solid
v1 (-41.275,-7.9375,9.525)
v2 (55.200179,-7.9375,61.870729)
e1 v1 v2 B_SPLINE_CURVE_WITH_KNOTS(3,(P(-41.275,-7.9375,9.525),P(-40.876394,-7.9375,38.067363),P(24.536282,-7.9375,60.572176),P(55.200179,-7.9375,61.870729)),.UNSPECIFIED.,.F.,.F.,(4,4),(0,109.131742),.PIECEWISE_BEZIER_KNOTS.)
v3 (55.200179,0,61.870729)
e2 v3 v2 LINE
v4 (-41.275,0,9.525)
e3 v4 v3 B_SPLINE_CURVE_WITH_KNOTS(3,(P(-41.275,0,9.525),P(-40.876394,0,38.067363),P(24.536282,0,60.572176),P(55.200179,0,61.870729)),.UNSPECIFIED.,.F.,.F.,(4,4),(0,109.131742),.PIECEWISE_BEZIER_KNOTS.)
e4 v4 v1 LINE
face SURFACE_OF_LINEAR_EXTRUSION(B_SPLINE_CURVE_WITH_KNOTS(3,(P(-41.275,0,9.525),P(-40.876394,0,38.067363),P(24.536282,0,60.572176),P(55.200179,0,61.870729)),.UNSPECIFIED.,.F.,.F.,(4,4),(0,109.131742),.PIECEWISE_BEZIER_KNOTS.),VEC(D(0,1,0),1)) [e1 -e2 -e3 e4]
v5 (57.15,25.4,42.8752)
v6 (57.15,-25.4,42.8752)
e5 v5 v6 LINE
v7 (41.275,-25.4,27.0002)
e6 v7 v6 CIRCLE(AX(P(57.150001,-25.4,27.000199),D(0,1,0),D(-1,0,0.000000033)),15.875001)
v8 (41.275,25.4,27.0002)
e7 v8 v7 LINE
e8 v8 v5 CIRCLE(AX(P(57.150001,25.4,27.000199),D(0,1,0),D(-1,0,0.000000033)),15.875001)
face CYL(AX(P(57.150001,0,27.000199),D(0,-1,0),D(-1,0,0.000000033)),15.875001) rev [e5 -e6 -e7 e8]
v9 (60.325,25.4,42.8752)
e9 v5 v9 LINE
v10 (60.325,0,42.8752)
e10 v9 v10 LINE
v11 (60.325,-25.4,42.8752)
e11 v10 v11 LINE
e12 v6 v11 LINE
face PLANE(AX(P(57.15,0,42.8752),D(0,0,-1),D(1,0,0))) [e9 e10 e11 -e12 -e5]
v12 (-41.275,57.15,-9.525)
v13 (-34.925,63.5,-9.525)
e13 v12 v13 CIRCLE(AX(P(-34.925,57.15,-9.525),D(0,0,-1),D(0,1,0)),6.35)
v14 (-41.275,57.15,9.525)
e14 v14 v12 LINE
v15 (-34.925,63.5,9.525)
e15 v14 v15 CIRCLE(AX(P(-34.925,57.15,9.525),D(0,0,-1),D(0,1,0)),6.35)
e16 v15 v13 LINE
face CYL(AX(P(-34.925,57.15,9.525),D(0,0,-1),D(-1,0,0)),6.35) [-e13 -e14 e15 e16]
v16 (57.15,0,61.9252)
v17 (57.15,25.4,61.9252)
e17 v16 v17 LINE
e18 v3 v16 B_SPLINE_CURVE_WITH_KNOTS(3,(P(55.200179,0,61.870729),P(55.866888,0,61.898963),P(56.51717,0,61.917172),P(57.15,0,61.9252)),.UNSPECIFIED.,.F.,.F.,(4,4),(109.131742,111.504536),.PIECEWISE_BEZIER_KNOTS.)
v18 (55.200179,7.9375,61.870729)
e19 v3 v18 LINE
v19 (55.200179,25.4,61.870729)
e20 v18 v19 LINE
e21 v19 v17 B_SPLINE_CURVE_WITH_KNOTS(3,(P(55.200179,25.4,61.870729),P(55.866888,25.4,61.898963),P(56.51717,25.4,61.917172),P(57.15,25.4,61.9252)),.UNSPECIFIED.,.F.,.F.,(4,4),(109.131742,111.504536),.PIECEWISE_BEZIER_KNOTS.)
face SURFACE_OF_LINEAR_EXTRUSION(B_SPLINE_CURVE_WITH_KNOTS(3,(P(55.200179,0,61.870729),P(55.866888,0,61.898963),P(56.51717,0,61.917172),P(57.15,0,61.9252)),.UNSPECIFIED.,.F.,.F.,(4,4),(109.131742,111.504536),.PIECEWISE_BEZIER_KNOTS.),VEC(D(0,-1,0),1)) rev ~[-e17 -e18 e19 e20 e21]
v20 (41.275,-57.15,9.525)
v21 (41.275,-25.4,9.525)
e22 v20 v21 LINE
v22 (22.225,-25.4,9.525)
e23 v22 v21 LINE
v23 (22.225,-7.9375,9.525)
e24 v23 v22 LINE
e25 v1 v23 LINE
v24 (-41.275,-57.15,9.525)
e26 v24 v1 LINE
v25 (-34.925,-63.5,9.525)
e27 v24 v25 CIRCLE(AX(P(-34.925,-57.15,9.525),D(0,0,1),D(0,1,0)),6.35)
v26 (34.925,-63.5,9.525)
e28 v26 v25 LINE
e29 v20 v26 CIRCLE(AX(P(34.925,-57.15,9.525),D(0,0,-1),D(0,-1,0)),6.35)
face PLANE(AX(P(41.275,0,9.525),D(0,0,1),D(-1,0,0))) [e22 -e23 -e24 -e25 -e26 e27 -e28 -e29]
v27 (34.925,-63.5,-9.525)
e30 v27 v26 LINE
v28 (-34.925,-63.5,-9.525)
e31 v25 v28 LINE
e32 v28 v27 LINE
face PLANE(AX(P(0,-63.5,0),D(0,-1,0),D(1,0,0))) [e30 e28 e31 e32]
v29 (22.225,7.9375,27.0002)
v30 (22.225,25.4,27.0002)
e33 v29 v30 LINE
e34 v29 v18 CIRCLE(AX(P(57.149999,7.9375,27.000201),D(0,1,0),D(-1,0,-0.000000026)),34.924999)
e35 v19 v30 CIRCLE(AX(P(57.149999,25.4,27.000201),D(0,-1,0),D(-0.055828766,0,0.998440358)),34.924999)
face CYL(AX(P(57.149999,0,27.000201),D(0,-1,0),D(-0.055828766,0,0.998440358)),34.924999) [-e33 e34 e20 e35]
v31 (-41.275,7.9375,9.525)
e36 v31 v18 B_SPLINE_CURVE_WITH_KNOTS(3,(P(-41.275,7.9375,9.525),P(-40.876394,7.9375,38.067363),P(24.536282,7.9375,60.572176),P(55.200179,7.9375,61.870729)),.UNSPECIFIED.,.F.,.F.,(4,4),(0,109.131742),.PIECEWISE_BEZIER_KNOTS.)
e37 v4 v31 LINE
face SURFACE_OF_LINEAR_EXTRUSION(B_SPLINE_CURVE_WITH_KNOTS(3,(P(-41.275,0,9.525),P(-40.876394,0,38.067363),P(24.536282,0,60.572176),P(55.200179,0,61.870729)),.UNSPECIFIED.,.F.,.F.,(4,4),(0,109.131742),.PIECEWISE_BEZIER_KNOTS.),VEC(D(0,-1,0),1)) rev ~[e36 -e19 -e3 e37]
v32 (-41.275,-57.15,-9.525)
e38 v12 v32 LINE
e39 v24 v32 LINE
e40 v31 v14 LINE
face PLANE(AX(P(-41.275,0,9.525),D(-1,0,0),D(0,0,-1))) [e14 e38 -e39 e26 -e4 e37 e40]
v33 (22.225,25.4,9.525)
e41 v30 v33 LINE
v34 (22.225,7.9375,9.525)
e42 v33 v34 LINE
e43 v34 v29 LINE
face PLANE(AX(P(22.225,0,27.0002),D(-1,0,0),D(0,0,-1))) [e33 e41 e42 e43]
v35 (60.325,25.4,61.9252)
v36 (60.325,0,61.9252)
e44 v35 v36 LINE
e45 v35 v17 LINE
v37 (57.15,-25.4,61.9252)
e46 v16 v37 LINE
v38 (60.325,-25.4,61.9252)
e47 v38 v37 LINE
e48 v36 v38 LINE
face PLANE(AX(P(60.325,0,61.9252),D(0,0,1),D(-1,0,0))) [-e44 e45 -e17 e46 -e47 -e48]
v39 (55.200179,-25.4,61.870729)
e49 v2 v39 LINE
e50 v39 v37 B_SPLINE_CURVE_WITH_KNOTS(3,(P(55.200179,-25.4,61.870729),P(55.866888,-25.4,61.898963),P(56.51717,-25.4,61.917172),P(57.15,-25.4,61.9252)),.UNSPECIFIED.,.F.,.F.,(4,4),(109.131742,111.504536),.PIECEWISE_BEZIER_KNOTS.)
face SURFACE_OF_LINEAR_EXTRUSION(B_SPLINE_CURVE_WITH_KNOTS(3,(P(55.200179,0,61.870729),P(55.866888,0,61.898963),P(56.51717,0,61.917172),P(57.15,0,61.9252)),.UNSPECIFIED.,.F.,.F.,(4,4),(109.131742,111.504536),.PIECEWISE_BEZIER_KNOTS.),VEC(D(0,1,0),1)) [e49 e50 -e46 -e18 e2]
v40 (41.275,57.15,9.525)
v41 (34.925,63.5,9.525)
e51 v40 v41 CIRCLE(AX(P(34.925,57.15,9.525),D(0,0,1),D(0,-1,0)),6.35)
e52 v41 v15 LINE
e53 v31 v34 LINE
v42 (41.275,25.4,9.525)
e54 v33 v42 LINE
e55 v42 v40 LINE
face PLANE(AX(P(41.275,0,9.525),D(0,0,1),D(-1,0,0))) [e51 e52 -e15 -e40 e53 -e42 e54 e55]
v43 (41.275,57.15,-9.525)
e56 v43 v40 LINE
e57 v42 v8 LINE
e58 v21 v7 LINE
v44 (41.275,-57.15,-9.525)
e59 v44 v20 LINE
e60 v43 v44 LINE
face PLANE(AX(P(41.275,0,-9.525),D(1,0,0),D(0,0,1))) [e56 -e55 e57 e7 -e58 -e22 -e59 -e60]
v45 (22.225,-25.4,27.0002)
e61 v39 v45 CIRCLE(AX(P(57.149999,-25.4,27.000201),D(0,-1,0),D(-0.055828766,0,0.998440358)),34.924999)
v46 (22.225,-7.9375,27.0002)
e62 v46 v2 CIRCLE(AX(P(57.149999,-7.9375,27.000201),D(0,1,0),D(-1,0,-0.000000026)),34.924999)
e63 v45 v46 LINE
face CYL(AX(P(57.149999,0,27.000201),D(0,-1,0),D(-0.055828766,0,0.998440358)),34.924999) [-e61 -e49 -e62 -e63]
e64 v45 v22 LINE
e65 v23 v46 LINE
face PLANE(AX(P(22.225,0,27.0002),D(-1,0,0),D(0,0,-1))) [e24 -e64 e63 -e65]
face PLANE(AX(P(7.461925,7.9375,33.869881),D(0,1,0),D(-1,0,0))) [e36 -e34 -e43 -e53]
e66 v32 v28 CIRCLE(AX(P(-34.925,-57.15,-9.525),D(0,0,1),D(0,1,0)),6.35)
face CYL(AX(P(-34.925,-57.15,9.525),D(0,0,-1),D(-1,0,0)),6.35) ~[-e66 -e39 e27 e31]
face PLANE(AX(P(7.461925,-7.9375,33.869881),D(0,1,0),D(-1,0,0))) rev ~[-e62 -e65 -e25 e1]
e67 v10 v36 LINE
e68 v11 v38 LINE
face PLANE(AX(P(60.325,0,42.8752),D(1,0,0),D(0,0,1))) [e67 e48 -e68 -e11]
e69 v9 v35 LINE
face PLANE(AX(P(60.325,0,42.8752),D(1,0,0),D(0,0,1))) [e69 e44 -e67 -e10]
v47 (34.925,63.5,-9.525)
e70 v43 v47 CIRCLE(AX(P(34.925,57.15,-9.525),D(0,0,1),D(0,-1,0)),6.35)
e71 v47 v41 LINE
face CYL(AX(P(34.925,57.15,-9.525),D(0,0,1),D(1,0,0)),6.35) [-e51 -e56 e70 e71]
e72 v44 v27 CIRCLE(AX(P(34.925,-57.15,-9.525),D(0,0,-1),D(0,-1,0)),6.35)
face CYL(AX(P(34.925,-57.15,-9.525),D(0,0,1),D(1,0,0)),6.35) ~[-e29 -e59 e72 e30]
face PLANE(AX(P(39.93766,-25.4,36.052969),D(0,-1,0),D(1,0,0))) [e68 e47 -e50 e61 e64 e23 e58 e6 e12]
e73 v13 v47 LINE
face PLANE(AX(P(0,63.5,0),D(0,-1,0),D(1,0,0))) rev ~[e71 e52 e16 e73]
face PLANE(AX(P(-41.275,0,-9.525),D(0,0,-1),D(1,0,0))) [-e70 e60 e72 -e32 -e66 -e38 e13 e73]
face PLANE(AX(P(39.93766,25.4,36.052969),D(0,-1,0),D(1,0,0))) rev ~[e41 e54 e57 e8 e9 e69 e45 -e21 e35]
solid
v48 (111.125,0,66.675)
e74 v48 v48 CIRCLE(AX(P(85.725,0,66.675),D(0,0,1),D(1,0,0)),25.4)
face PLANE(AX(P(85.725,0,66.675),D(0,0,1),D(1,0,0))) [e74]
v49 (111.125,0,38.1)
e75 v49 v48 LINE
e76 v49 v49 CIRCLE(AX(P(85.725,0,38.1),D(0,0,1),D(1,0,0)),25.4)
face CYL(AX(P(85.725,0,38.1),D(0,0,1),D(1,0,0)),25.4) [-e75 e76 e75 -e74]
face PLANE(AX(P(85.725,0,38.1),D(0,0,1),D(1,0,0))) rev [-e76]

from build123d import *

# Parameters (mm, degrees)
F1_DEPTH = 63.5
F2_DEPTH = 25.4
F3_DEPTH = 7.9375
F5_R     = 6.35


with BuildPart() as f1:
    # F0 (on Front) → F1 (new body, symmetric)
    with BuildSketch(Plane.XZ):
        Polygon((22.225, 9.525), (-41.275, 9.525), (-41.275, -9.525), (41.275, -9.525), (41.275, 9.525), align=None)
    extrude(amount=F1_DEPTH, both=True)

    # F0 (on Front) → F2 (join, symmetric)
    with BuildSketch(Plane.XZ):
        with BuildLine():
            Line((22.225, 27.0002), (22.225, 9.525))
            Line((22.225, 9.525), (41.275, 9.525))
            Line((41.275, 9.525), (41.275, 27.0002))
            ThreePointArc((41.275, 27.0002), (45.92468, 38.22552), (57.15, 42.8752))
            Line((57.15, 42.8752), (60.325, 42.8752))
            Line((60.325, 42.8752), (60.325, 61.9252))
            Line((60.325, 61.9252), (57.15, 61.9252))
            add(Edge.make_bspline(
                [(55.200179, 61.870729), (55.866888, 61.898963), (56.51717, 61.917172), (57.15, 61.9252)],
                knots=[109.131742, 109.131742, 109.131742, 109.131742, 111.504536, 111.504536, 111.504536, 111.504536], degree=3))
            ThreePointArc((55.200179, 61.870729), (31.774292, 50.996639), (22.225, 27.0002))
        make_face()
    extrude(amount=F2_DEPTH, both=True)

    # F0 (on Front) → F3 (join, symmetric)
    with BuildSketch(Plane.XZ):
        with BuildLine():
            add(Edge.make_bspline(
                [(-41.275, 9.525), (-40.876394, 38.067363), (24.536282, 60.572176), (55.200179, 61.870729)],
                knots=[0, 0, 0, 0, 109.131742, 109.131742, 109.131742, 109.131742], degree=3))
            Line((-41.275, 9.525), (22.225, 9.525))
            Line((22.225, 9.525), (22.225, 27.0002))
            ThreePointArc((22.225, 27.0002), (31.774292, 50.996639), (55.200179, 61.870729))
        make_face()
    extrude(amount=F3_DEPTH, both=True)

    # F0 (on Front) → F4 (revolve)
    with BuildSketch(Plane.XZ):
        Polygon((85.725, 66.675), (85.725, 61.9252), (85.725, 42.8752), (85.725, 38.1), (111.125, 38.1), (111.125, 66.675), align=None)
    revolve(axis=Axis((85.725, 0, 52.3875), (0, 0, 1)))

    # F5
    f5_edges = [f1.edges().sort_by_distance(p)[0] for p in [
        (-41.275, -63.5, 0),
        (41.275, -63.5, 0),
        (41.275, 63.5, 0),
        (-41.275, 63.5, 0),
    ]]
    fillet(f5_edges, radius=F5_R)


solid = f1.part
